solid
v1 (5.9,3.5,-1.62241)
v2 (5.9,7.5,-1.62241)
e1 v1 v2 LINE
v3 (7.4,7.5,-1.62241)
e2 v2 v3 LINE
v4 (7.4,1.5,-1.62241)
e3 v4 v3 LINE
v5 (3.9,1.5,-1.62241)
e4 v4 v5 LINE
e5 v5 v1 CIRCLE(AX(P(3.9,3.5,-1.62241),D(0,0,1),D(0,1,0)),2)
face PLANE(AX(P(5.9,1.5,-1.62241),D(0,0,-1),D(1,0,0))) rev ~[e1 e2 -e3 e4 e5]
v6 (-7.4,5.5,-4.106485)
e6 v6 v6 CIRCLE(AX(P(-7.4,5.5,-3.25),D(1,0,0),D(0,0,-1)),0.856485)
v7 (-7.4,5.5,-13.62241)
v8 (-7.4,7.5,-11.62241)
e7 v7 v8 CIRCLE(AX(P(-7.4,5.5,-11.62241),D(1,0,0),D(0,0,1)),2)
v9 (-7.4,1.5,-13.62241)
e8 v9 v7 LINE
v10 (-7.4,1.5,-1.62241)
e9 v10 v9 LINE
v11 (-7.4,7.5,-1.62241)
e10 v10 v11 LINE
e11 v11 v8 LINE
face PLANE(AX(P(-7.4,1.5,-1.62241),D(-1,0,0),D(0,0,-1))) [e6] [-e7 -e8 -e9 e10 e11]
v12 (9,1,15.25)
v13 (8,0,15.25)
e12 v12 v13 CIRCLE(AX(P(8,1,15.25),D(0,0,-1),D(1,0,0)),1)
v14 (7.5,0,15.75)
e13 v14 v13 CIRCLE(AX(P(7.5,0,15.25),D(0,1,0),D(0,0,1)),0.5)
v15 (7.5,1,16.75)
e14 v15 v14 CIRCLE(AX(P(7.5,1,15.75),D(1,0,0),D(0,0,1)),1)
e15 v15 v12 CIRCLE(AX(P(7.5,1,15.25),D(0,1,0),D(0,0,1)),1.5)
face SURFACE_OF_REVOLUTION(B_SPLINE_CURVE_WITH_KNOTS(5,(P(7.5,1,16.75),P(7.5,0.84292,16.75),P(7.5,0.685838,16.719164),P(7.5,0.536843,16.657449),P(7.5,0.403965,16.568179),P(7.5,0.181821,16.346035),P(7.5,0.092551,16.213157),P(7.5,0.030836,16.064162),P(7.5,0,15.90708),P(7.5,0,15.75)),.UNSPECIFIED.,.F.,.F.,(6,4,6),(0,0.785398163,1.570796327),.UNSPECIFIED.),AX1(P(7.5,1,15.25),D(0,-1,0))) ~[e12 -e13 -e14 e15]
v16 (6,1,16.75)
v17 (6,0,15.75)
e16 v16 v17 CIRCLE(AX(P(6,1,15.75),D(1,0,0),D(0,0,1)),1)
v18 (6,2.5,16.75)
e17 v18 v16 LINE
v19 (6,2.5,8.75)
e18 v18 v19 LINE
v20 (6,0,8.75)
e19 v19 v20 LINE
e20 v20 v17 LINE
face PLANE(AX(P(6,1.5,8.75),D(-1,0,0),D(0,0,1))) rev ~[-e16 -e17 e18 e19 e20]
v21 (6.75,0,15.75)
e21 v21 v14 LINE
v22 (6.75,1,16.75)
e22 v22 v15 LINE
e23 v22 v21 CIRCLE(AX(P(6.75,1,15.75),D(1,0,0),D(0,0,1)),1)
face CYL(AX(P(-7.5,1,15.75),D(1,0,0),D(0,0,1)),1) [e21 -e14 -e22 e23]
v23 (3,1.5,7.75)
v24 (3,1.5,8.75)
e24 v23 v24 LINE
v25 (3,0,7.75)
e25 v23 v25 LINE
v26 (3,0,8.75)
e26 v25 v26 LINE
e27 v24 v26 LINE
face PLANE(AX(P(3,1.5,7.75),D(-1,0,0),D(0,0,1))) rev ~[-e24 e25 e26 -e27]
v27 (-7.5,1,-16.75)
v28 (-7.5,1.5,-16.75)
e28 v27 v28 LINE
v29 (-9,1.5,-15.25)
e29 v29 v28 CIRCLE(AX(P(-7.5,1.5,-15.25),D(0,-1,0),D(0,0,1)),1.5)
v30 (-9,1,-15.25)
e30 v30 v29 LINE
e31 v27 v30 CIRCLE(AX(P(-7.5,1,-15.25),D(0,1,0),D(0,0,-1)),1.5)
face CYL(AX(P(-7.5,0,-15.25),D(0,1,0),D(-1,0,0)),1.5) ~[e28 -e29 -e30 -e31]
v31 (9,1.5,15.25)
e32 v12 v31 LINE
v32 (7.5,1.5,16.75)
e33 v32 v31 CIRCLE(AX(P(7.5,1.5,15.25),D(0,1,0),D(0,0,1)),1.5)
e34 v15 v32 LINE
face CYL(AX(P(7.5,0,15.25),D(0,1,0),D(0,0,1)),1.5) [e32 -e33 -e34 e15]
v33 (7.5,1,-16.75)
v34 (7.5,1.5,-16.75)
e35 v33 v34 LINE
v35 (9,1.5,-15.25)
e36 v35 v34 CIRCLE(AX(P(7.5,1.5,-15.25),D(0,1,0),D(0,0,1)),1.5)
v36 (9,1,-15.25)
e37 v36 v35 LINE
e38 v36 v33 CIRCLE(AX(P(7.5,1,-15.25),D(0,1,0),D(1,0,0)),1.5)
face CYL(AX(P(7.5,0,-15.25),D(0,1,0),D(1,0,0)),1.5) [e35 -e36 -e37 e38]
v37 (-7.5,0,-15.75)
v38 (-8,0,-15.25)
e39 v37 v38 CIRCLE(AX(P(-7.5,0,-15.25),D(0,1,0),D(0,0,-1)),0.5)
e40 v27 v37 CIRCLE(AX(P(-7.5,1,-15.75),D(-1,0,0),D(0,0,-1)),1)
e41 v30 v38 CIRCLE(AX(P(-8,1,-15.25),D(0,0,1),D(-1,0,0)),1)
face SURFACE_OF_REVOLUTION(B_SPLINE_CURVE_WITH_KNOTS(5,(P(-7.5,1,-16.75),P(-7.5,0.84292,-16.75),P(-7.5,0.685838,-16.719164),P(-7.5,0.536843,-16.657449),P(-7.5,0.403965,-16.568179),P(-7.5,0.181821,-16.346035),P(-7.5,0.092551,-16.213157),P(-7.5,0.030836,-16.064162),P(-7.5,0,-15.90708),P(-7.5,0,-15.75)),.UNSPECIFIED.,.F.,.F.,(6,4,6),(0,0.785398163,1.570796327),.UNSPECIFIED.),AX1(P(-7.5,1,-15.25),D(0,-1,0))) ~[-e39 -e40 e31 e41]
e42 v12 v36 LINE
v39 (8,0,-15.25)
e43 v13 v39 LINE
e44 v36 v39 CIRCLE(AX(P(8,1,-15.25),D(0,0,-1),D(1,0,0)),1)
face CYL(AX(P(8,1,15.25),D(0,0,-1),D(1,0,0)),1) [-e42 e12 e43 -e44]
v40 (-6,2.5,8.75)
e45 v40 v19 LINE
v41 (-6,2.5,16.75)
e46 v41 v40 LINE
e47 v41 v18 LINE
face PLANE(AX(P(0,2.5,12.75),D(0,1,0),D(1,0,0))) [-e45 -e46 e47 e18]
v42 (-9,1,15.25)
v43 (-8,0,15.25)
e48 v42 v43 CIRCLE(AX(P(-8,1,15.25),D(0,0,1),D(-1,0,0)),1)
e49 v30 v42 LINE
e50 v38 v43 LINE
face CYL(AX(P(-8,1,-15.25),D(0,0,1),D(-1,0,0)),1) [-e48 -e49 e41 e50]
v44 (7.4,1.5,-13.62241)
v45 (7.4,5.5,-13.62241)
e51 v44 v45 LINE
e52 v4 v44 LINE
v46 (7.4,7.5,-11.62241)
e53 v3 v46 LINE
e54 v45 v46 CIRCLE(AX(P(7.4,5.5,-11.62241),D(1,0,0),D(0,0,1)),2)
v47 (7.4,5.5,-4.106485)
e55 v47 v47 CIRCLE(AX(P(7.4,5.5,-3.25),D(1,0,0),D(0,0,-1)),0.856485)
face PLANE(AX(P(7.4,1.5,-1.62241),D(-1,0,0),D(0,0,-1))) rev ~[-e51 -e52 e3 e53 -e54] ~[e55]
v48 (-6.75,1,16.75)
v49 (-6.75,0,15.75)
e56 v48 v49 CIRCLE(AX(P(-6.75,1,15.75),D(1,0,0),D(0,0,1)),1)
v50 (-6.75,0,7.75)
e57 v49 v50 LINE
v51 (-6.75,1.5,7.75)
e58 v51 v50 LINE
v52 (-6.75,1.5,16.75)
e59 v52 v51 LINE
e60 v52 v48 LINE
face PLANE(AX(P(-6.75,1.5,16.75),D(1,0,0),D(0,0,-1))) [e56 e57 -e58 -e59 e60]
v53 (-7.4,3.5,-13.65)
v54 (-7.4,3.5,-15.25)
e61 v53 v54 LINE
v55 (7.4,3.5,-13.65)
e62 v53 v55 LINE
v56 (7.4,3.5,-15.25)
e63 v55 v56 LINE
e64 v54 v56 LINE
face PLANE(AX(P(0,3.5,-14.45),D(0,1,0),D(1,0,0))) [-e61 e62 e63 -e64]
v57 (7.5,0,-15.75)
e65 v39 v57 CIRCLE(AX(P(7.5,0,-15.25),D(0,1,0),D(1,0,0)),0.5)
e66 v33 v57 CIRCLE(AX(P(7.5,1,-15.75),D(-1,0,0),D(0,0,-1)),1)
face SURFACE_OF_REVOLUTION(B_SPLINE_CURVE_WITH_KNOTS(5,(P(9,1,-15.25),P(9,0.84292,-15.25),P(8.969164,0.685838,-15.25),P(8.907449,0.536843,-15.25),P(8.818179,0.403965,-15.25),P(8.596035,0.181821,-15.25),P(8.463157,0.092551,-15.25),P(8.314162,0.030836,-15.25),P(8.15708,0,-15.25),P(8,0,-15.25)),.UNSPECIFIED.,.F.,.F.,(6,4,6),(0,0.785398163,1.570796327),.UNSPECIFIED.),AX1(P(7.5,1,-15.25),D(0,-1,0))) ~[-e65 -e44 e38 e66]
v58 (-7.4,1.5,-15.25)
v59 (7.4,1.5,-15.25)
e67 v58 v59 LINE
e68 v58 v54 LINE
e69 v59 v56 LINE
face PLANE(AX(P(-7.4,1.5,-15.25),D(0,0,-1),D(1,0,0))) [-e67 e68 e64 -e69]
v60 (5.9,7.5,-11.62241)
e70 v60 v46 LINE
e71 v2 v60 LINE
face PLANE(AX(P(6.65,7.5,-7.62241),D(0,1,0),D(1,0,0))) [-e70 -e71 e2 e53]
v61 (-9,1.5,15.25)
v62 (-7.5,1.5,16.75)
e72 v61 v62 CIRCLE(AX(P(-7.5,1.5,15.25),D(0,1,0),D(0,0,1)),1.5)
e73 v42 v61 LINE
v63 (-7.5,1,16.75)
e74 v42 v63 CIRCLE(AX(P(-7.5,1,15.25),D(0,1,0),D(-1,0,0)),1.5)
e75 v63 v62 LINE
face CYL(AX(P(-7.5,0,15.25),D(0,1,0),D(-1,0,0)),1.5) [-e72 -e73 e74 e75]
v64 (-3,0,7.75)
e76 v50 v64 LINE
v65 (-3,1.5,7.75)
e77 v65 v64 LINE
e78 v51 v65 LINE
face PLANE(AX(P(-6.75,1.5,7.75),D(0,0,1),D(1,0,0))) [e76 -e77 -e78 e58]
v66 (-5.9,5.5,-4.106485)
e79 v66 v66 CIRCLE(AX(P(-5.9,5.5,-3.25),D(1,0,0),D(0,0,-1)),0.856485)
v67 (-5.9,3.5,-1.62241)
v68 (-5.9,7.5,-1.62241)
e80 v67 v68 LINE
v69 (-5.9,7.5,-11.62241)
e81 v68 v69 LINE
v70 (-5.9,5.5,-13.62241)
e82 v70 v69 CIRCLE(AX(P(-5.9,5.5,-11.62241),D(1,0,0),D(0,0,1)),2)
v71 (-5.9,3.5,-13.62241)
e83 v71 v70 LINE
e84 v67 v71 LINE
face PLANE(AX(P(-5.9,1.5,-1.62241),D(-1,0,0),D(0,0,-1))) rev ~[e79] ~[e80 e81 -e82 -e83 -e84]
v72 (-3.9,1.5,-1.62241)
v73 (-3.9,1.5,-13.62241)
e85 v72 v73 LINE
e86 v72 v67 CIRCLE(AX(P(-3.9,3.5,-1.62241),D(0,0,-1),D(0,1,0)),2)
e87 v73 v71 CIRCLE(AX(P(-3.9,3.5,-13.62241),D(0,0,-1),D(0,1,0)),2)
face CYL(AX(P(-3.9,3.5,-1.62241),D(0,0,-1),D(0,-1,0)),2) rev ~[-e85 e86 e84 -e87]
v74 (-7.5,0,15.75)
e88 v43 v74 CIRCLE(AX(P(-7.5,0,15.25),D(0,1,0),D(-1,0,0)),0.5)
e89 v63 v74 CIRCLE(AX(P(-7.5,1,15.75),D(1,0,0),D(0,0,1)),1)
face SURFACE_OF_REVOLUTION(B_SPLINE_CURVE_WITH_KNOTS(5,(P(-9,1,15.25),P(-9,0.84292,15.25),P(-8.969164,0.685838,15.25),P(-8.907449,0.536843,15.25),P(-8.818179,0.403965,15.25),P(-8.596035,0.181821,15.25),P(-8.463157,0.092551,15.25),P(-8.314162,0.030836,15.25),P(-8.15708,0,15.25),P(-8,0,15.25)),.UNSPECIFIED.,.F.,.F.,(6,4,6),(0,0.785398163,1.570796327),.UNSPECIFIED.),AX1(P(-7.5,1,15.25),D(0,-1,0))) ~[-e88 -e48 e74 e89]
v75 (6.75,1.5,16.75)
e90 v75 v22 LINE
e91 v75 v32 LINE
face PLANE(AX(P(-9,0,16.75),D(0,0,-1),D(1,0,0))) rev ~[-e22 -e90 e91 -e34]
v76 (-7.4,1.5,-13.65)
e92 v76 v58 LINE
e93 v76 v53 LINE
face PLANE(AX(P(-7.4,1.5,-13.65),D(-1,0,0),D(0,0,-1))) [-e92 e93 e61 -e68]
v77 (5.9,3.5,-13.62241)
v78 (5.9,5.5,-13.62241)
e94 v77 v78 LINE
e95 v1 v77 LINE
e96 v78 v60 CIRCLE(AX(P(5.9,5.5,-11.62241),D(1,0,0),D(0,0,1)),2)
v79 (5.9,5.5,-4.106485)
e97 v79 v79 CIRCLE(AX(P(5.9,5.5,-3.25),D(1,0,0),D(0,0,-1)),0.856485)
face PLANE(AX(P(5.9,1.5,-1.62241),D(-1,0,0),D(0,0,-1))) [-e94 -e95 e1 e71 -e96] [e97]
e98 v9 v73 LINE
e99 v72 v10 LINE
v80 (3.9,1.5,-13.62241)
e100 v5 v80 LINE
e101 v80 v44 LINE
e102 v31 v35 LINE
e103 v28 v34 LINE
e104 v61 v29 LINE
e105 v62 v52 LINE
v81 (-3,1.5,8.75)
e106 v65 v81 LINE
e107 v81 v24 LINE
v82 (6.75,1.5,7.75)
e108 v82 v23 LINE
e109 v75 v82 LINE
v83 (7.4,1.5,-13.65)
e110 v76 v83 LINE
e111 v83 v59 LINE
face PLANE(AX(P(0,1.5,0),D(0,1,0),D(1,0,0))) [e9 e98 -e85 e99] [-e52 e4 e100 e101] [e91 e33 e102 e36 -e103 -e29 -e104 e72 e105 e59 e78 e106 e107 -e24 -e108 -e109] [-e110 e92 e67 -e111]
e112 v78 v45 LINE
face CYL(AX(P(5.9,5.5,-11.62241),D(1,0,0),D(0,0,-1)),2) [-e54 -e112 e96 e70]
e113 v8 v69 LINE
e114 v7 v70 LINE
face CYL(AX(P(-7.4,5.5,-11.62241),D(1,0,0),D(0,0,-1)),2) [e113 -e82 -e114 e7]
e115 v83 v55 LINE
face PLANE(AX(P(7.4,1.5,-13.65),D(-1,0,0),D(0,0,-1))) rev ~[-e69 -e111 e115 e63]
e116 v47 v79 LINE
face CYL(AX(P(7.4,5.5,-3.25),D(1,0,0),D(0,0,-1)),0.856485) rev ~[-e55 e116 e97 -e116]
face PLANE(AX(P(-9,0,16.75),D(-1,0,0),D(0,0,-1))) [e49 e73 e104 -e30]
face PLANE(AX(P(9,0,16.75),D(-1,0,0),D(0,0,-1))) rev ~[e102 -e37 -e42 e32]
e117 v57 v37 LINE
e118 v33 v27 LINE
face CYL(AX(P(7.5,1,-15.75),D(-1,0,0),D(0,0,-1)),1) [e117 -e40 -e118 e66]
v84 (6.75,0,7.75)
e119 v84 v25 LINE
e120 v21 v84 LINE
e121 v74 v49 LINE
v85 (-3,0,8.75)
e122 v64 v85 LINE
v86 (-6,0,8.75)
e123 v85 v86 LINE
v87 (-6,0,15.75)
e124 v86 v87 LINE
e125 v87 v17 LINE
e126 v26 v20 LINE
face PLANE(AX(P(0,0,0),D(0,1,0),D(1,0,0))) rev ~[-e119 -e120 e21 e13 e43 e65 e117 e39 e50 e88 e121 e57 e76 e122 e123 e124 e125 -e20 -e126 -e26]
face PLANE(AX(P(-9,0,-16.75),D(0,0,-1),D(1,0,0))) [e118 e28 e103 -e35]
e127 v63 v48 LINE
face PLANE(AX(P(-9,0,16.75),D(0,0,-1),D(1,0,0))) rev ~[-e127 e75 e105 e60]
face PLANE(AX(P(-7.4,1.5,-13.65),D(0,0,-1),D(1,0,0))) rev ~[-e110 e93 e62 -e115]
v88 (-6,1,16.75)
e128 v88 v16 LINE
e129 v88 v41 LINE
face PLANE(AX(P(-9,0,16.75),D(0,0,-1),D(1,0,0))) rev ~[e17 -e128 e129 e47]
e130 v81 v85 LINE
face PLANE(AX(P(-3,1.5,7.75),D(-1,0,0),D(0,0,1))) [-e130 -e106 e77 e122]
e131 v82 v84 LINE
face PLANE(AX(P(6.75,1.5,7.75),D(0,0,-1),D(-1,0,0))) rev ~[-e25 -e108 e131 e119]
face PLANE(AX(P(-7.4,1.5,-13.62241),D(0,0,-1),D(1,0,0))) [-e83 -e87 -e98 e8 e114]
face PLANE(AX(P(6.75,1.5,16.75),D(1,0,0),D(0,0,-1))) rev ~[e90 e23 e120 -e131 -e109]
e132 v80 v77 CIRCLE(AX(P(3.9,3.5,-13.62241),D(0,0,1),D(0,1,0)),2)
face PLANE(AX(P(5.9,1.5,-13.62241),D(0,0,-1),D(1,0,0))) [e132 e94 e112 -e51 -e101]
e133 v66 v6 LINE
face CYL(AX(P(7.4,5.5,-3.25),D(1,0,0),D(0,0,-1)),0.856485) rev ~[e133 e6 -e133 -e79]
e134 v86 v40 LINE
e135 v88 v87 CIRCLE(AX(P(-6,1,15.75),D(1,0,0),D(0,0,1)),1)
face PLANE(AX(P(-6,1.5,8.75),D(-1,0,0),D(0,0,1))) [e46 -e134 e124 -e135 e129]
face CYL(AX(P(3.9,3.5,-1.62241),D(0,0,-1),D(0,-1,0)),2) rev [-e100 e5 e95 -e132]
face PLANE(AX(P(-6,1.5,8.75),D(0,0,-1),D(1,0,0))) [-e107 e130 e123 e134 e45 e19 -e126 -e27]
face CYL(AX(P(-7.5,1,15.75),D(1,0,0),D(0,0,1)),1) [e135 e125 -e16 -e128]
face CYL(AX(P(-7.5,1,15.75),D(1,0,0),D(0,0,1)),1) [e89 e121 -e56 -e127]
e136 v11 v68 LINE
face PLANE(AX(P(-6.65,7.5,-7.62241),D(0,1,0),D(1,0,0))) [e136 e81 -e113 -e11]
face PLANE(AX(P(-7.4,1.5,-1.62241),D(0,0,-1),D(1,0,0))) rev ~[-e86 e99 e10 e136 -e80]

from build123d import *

# Parameters (mm, degrees)
SKETCH_1_W          = 18
SKETCH_1_H          = 33.5
EXTRUDE_1_DEPTH     = 1.5
FILLET_1_R          = 1.5
SKETCH_2_W          = 1.5
SKETCH_2_H          = 12
EXTRUDE_2_DEPTH     = 6
SKETCH_3_W          = 14.8
SKETCH_3_H          = 1.6
EXTRUDE_3_DEPTH     = 2
FILLET_2_R          = 2
SKETCH_4_R          = 0.856485036
CUT_EXTRUDE_1_DEPTH = 18
SKETCH_5_W          = 12
SKETCH_5_H          = 8
EXTRUDE_4_DEPTH     = 1
FILLET_3_R          = 1
CUT_EXTRUDE_2_DEPTH = 10


with BuildPart() as part:
    # 草图1 → 凸台-拉伸1 (new body)
    with BuildSketch(Plane(origin=(0, 0, 0), x_dir=(1, 0, 0), z_dir=(0, 1, 0))):
        Rectangle(SKETCH_1_W, SKETCH_1_H)
    extrude(amount=EXTRUDE_1_DEPTH)

    # 圆角1
    fillet_1_edges = [part.edges().sort_by_distance(p)[0] for p in [
        (-9, 0.75, -16.75),
        (9, 0.75, -16.75),
        (9, 0.75, 16.75),
        (-9, 0.75, 16.75),
    ]]
    fillet(fillet_1_edges, radius=FILLET_1_R)

    # 草图2 → 凸台-拉伸2 (add)
    with BuildSketch(Plane(origin=(0, 1.5, 0), x_dir=(1, 0, 0), z_dir=(0, 1, 0))):
        with Locations((-6.65, 7.622409508)):
            Rectangle(SKETCH_2_W, SKETCH_2_H)
        with Locations((6.65, 7.622409508)):
            Rectangle(SKETCH_2_W, SKETCH_2_H)
    extrude(amount=EXTRUDE_2_DEPTH)

    # 草图3 → 凸台-拉伸3 (add)
    with BuildSketch(Plane(origin=(0, 1.5, 0), x_dir=(1, 0, 0), z_dir=(0, 1, 0))):
        with Locations((0, 14.45)):
            Rectangle(SKETCH_3_W, SKETCH_3_H)
    extrude(amount=EXTRUDE_3_DEPTH)

    # 圆角2
    fillet_2_edges = [part.edges().sort_by_distance(p)[0] for p in [
        (-5.9, 1.5, -7.622409508),
        (-6.65, 7.5, -13.622409508),
        (5.9, 1.5, -7.622409508),
        (6.65, 7.5, -13.622409508),
    ]]
    fillet(fillet_2_edges, radius=FILLET_2_R)

    # 草图4 → 切除-拉伸1 (cut)
    with BuildSketch(Plane(origin=(7.4, 0, 0), x_dir=(0, 0, -1), z_dir=(1, 0, 0))):
        with Locations((3.25, 5.5)):
            Circle(SKETCH_4_R)
    extrude(amount=-CUT_EXTRUDE_1_DEPTH, mode=Mode.SUBTRACT)

    # 草图5 → 凸台-拉伸4 (add)
    with BuildSketch(Plane(origin=(0, 1.5, 0), x_dir=(1, 0, 0), z_dir=(0, 1, 0))):
        with Locations((0, -12.75)):
            Rectangle(SKETCH_5_W, SKETCH_5_H)
    extrude(amount=EXTRUDE_4_DEPTH)

    # 圆角3
    fillet_3_edges = [part.edges().sort_by_distance(p)[0] for p in [
        (9, 0, 0),
        (-9, 0, 0),
        (0, 0, -16.75),
        (0, 0, 16.75),
        (-8.560660172, 0, -16.310660172),
        (8.560660172, 0, -16.310660172),
        (-8.560660172, 0, 16.310660172),
        (8.560660172, 0, 16.310660172),
    ]]
    fillet(fillet_3_edges, radius=FILLET_3_R)

    # 草图6 → 切除-拉伸2 (cut)
    with BuildSketch(Plane(origin=(0, 1.5, 0), x_dir=(1, 0, 0), z_dir=(0, 1, 0))):
        Polygon((-6, -16.75), (-6.75, -16.75), (-6.75, -7.75), (-3, -7.75), (-3, -8.75), (-6, -8.75), align=None)
        Polygon((6, -8.75), (6, -16.75), (6.75, -16.75), (6.75, -7.75), (3, -7.75), (3, -8.75), align=None)
    extrude(amount=-CUT_EXTRUDE_2_DEPTH, mode=Mode.SUBTRACT)


solid = part.part
